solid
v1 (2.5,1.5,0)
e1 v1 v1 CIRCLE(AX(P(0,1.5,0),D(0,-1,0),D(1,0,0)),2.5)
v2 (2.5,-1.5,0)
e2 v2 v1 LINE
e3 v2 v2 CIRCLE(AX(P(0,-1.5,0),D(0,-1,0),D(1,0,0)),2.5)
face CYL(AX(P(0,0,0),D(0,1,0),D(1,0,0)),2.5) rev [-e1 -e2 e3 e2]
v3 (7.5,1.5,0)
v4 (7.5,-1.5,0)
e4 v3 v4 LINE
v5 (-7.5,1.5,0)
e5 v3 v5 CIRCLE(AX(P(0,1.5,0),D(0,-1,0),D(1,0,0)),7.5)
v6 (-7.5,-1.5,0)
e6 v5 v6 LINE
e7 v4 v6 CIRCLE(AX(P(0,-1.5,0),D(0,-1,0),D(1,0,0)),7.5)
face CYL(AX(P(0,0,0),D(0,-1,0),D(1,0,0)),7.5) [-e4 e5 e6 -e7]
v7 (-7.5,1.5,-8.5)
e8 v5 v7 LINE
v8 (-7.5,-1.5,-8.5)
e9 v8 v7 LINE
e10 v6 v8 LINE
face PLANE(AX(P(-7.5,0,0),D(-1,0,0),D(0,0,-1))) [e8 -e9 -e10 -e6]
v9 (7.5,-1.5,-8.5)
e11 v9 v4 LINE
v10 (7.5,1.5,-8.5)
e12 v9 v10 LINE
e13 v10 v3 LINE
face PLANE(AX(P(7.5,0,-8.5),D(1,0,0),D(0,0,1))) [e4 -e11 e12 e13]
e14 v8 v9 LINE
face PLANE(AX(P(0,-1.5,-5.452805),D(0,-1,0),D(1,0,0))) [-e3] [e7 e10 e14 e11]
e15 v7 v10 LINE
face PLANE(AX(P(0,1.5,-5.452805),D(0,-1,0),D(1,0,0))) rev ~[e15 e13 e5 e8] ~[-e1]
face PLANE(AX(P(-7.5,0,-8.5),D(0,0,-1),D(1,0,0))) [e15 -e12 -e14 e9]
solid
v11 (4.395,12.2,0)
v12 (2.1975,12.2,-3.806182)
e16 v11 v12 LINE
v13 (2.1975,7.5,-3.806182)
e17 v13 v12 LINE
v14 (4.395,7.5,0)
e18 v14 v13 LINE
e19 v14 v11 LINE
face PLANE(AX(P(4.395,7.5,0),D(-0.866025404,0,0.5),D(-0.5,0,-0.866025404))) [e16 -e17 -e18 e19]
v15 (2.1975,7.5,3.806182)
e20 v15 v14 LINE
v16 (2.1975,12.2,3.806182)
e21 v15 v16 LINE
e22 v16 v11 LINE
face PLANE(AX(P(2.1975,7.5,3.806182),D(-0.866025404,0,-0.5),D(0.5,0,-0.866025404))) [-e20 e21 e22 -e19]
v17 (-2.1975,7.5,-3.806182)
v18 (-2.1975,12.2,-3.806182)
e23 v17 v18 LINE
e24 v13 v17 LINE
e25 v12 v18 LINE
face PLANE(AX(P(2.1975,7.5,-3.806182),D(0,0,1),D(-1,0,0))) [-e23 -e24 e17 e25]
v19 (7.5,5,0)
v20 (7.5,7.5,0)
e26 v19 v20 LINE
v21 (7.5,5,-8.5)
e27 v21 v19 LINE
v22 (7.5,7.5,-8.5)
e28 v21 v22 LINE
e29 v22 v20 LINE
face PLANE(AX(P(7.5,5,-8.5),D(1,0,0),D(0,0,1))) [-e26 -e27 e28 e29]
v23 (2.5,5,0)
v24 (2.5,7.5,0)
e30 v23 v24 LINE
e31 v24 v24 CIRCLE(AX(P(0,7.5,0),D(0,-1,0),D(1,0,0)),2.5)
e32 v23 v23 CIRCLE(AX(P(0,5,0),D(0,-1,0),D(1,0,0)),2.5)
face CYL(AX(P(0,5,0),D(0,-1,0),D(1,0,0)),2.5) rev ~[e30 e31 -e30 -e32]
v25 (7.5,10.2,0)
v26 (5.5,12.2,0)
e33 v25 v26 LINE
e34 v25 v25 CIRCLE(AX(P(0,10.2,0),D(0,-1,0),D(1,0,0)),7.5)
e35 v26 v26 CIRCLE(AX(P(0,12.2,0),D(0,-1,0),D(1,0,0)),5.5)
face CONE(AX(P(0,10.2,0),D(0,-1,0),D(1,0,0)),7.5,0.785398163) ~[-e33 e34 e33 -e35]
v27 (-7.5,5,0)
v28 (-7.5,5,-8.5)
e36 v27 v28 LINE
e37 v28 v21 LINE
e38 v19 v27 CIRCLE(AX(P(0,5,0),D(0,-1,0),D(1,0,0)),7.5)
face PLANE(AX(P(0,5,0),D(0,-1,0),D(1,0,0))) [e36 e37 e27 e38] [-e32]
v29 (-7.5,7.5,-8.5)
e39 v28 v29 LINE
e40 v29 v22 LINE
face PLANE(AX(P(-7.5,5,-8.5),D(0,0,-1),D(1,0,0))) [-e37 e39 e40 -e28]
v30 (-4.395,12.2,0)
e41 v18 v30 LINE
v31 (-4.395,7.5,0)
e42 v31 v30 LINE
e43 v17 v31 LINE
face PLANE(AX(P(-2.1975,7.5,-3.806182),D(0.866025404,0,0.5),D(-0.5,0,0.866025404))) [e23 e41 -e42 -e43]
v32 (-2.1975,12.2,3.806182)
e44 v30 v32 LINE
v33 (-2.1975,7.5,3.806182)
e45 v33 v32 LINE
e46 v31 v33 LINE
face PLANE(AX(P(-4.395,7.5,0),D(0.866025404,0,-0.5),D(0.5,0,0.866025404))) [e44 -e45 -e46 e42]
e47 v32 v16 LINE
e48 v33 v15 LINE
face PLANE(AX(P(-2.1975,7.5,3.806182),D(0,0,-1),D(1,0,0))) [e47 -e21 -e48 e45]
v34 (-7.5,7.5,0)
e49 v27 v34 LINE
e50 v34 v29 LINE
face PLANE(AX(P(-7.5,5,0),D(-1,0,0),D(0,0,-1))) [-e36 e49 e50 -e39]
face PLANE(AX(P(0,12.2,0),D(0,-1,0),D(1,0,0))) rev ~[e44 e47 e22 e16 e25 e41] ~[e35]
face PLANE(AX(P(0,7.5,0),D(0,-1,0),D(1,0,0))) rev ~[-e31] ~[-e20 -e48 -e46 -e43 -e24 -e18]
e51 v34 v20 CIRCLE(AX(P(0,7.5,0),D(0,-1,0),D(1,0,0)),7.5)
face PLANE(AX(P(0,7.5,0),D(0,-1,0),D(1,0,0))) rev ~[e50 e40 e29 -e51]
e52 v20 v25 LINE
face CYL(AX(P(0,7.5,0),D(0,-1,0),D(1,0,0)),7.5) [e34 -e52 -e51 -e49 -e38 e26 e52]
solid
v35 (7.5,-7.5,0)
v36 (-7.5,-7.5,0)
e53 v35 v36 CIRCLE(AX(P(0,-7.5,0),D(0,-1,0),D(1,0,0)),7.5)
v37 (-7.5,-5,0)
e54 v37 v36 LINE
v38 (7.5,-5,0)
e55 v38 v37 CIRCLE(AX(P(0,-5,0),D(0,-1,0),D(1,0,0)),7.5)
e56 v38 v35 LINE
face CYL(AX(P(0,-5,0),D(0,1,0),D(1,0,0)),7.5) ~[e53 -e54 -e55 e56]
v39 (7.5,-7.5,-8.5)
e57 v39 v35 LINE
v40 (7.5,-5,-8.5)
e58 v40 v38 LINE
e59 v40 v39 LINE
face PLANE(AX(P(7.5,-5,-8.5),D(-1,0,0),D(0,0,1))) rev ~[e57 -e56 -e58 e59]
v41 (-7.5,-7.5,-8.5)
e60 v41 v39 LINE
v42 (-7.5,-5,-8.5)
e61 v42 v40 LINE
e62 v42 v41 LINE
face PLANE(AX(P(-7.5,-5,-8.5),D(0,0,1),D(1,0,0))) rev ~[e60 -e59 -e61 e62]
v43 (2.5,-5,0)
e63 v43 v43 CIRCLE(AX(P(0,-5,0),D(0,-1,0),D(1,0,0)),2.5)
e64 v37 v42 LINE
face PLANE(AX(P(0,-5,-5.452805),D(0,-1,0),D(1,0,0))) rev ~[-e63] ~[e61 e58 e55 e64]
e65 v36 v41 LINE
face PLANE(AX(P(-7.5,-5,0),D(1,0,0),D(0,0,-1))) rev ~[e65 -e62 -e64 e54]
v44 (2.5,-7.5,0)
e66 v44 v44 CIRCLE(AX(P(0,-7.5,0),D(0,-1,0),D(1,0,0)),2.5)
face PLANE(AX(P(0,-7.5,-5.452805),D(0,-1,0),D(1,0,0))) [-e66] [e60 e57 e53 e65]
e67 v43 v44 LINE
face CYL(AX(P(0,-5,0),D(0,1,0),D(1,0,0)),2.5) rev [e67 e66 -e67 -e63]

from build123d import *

# Parameters (mm, degrees)
F0_R     = 2.5
F1_DEPTH = 1.5
F2_START = 5
F2_DEPTH = 2.5
F3_START = -5
F3_DEPTH = 2.5
F4_START = -7.5
F4_DEPTH = 4.7
F5_SIZE  = 2


with BuildPart() as f1:
    # F0 (on Front) → F1 (new body, symmetric)
    with BuildSketch(Plane.XZ):
        with BuildLine():
            Line((7.5, -8.5), (7.5, 0))
            ThreePointArc((7.5, 0), (0, -7.5), (-7.5, 0))
            Line((-7.5, 0), (-7.5, -8.5))
            Line((-7.5, -8.5), (7.5, -8.5))
        make_face()
        with BuildLine():
            ThreePointArc((-7.5, 0), (0, -7.5), (7.5, 0))
            ThreePointArc((7.5, 0), (0, 7.5), (-7.5, 0))
        make_face()
        Polygon((2.1975, 3.8061816496), (4.395, 0), (2.1975, -3.8061816496), (-2.1975, -3.8061816496), (-4.395, 0), (-2.1975, 3.8061816496), align=None, mode=Mode.SUBTRACT)
        Polygon((2.1975, -3.8061816496), (4.395, 0), (2.1975, 3.8061816496), (-2.1975, 3.8061816496), (-4.395, 0), (-2.1975, -3.8061816496), align=None)
        Circle(F0_R, mode=Mode.SUBTRACT)
    extrude(amount=F1_DEPTH, both=True)


with BuildPart() as f2:
    # F0 (on Front) → F2 (new body)
    with BuildSketch(Plane.XZ.offset(F2_START)):
        with BuildLine():
            Line((7.5, -8.5), (7.5, 0))
            ThreePointArc((7.5, 0), (0, -7.5), (-7.5, 0))
            Line((-7.5, 0), (-7.5, -8.5))
            Line((-7.5, -8.5), (7.5, -8.5))
        make_face()
        with BuildLine():
            ThreePointArc((-7.5, 0), (0, -7.5), (7.5, 0))
            ThreePointArc((7.5, 0), (0, 7.5), (-7.5, 0))
        make_face()
        Polygon((2.1975, 3.8061816496), (4.395, 0), (2.1975, -3.8061816496), (-2.1975, -3.8061816496), (-4.395, 0), (-2.1975, 3.8061816496), align=None, mode=Mode.SUBTRACT)
        Polygon((2.1975, -3.8061816496), (4.395, 0), (2.1975, 3.8061816496), (-2.1975, 3.8061816496), (-4.395, 0), (-2.1975, -3.8061816496), align=None)
        Circle(F0_R, mode=Mode.SUBTRACT)
    extrude(amount=F2_DEPTH)


with BuildPart() as f3:
    # F0 (on Front) → F3 (new body)
    with BuildSketch(Plane.XZ.offset(F3_START)):
        with BuildLine():
            ThreePointArc((-7.5, 0), (0, -7.5), (7.5, 0))
            ThreePointArc((7.5, 0), (0, 7.5), (-7.5, 0))
        make_face()
        Polygon((2.1975, 3.8061816496), (4.395, 0), (2.1975, -3.8061816496), (-2.1975, -3.8061816496), (-4.395, 0), (-2.1975, 3.8061816496), align=None, mode=Mode.SUBTRACT)
        with BuildLine():
            Line((7.5, -8.5), (7.5, 0))
            ThreePointArc((7.5, 0), (0, -7.5), (-7.5, 0))
            Line((-7.5, 0), (-7.5, -8.5))
            Line((-7.5, -8.5), (7.5, -8.5))
        make_face()
        Polygon((2.1975, -3.8061816496), (4.395, 0), (2.1975, 3.8061816496), (-2.1975, 3.8061816496), (-4.395, 0), (-2.1975, -3.8061816496), align=None)
        Circle(F0_R, mode=Mode.SUBTRACT)
    extrude(amount=-F3_DEPTH)

    # F0 (on Front) → F4 (join)
    with BuildSketch(Plane.XZ.offset(F4_START)):
        with BuildLine():
            ThreePointArc((-7.5, 0), (0, -7.5), (7.5, 0))
            ThreePointArc((7.5, 0), (0, 7.5), (-7.5, 0))
        make_face()
        Polygon((2.1975, 3.8061816496), (4.395, 0), (2.1975, -3.8061816496), (-2.1975, -3.8061816496), (-4.395, 0), (-2.1975, 3.8061816496), align=None, mode=Mode.SUBTRACT)
    extrude(amount=-F4_DEPTH)

    # F5
    f5_edges = [f3.edges().sort_by_distance(p)[0] for p in [
        (-7.5, 12.2, 0),
    ]]
    chamfer(f5_edges, length=F5_SIZE)


solid = Compound([f1.part, f2.part, f3.part])
